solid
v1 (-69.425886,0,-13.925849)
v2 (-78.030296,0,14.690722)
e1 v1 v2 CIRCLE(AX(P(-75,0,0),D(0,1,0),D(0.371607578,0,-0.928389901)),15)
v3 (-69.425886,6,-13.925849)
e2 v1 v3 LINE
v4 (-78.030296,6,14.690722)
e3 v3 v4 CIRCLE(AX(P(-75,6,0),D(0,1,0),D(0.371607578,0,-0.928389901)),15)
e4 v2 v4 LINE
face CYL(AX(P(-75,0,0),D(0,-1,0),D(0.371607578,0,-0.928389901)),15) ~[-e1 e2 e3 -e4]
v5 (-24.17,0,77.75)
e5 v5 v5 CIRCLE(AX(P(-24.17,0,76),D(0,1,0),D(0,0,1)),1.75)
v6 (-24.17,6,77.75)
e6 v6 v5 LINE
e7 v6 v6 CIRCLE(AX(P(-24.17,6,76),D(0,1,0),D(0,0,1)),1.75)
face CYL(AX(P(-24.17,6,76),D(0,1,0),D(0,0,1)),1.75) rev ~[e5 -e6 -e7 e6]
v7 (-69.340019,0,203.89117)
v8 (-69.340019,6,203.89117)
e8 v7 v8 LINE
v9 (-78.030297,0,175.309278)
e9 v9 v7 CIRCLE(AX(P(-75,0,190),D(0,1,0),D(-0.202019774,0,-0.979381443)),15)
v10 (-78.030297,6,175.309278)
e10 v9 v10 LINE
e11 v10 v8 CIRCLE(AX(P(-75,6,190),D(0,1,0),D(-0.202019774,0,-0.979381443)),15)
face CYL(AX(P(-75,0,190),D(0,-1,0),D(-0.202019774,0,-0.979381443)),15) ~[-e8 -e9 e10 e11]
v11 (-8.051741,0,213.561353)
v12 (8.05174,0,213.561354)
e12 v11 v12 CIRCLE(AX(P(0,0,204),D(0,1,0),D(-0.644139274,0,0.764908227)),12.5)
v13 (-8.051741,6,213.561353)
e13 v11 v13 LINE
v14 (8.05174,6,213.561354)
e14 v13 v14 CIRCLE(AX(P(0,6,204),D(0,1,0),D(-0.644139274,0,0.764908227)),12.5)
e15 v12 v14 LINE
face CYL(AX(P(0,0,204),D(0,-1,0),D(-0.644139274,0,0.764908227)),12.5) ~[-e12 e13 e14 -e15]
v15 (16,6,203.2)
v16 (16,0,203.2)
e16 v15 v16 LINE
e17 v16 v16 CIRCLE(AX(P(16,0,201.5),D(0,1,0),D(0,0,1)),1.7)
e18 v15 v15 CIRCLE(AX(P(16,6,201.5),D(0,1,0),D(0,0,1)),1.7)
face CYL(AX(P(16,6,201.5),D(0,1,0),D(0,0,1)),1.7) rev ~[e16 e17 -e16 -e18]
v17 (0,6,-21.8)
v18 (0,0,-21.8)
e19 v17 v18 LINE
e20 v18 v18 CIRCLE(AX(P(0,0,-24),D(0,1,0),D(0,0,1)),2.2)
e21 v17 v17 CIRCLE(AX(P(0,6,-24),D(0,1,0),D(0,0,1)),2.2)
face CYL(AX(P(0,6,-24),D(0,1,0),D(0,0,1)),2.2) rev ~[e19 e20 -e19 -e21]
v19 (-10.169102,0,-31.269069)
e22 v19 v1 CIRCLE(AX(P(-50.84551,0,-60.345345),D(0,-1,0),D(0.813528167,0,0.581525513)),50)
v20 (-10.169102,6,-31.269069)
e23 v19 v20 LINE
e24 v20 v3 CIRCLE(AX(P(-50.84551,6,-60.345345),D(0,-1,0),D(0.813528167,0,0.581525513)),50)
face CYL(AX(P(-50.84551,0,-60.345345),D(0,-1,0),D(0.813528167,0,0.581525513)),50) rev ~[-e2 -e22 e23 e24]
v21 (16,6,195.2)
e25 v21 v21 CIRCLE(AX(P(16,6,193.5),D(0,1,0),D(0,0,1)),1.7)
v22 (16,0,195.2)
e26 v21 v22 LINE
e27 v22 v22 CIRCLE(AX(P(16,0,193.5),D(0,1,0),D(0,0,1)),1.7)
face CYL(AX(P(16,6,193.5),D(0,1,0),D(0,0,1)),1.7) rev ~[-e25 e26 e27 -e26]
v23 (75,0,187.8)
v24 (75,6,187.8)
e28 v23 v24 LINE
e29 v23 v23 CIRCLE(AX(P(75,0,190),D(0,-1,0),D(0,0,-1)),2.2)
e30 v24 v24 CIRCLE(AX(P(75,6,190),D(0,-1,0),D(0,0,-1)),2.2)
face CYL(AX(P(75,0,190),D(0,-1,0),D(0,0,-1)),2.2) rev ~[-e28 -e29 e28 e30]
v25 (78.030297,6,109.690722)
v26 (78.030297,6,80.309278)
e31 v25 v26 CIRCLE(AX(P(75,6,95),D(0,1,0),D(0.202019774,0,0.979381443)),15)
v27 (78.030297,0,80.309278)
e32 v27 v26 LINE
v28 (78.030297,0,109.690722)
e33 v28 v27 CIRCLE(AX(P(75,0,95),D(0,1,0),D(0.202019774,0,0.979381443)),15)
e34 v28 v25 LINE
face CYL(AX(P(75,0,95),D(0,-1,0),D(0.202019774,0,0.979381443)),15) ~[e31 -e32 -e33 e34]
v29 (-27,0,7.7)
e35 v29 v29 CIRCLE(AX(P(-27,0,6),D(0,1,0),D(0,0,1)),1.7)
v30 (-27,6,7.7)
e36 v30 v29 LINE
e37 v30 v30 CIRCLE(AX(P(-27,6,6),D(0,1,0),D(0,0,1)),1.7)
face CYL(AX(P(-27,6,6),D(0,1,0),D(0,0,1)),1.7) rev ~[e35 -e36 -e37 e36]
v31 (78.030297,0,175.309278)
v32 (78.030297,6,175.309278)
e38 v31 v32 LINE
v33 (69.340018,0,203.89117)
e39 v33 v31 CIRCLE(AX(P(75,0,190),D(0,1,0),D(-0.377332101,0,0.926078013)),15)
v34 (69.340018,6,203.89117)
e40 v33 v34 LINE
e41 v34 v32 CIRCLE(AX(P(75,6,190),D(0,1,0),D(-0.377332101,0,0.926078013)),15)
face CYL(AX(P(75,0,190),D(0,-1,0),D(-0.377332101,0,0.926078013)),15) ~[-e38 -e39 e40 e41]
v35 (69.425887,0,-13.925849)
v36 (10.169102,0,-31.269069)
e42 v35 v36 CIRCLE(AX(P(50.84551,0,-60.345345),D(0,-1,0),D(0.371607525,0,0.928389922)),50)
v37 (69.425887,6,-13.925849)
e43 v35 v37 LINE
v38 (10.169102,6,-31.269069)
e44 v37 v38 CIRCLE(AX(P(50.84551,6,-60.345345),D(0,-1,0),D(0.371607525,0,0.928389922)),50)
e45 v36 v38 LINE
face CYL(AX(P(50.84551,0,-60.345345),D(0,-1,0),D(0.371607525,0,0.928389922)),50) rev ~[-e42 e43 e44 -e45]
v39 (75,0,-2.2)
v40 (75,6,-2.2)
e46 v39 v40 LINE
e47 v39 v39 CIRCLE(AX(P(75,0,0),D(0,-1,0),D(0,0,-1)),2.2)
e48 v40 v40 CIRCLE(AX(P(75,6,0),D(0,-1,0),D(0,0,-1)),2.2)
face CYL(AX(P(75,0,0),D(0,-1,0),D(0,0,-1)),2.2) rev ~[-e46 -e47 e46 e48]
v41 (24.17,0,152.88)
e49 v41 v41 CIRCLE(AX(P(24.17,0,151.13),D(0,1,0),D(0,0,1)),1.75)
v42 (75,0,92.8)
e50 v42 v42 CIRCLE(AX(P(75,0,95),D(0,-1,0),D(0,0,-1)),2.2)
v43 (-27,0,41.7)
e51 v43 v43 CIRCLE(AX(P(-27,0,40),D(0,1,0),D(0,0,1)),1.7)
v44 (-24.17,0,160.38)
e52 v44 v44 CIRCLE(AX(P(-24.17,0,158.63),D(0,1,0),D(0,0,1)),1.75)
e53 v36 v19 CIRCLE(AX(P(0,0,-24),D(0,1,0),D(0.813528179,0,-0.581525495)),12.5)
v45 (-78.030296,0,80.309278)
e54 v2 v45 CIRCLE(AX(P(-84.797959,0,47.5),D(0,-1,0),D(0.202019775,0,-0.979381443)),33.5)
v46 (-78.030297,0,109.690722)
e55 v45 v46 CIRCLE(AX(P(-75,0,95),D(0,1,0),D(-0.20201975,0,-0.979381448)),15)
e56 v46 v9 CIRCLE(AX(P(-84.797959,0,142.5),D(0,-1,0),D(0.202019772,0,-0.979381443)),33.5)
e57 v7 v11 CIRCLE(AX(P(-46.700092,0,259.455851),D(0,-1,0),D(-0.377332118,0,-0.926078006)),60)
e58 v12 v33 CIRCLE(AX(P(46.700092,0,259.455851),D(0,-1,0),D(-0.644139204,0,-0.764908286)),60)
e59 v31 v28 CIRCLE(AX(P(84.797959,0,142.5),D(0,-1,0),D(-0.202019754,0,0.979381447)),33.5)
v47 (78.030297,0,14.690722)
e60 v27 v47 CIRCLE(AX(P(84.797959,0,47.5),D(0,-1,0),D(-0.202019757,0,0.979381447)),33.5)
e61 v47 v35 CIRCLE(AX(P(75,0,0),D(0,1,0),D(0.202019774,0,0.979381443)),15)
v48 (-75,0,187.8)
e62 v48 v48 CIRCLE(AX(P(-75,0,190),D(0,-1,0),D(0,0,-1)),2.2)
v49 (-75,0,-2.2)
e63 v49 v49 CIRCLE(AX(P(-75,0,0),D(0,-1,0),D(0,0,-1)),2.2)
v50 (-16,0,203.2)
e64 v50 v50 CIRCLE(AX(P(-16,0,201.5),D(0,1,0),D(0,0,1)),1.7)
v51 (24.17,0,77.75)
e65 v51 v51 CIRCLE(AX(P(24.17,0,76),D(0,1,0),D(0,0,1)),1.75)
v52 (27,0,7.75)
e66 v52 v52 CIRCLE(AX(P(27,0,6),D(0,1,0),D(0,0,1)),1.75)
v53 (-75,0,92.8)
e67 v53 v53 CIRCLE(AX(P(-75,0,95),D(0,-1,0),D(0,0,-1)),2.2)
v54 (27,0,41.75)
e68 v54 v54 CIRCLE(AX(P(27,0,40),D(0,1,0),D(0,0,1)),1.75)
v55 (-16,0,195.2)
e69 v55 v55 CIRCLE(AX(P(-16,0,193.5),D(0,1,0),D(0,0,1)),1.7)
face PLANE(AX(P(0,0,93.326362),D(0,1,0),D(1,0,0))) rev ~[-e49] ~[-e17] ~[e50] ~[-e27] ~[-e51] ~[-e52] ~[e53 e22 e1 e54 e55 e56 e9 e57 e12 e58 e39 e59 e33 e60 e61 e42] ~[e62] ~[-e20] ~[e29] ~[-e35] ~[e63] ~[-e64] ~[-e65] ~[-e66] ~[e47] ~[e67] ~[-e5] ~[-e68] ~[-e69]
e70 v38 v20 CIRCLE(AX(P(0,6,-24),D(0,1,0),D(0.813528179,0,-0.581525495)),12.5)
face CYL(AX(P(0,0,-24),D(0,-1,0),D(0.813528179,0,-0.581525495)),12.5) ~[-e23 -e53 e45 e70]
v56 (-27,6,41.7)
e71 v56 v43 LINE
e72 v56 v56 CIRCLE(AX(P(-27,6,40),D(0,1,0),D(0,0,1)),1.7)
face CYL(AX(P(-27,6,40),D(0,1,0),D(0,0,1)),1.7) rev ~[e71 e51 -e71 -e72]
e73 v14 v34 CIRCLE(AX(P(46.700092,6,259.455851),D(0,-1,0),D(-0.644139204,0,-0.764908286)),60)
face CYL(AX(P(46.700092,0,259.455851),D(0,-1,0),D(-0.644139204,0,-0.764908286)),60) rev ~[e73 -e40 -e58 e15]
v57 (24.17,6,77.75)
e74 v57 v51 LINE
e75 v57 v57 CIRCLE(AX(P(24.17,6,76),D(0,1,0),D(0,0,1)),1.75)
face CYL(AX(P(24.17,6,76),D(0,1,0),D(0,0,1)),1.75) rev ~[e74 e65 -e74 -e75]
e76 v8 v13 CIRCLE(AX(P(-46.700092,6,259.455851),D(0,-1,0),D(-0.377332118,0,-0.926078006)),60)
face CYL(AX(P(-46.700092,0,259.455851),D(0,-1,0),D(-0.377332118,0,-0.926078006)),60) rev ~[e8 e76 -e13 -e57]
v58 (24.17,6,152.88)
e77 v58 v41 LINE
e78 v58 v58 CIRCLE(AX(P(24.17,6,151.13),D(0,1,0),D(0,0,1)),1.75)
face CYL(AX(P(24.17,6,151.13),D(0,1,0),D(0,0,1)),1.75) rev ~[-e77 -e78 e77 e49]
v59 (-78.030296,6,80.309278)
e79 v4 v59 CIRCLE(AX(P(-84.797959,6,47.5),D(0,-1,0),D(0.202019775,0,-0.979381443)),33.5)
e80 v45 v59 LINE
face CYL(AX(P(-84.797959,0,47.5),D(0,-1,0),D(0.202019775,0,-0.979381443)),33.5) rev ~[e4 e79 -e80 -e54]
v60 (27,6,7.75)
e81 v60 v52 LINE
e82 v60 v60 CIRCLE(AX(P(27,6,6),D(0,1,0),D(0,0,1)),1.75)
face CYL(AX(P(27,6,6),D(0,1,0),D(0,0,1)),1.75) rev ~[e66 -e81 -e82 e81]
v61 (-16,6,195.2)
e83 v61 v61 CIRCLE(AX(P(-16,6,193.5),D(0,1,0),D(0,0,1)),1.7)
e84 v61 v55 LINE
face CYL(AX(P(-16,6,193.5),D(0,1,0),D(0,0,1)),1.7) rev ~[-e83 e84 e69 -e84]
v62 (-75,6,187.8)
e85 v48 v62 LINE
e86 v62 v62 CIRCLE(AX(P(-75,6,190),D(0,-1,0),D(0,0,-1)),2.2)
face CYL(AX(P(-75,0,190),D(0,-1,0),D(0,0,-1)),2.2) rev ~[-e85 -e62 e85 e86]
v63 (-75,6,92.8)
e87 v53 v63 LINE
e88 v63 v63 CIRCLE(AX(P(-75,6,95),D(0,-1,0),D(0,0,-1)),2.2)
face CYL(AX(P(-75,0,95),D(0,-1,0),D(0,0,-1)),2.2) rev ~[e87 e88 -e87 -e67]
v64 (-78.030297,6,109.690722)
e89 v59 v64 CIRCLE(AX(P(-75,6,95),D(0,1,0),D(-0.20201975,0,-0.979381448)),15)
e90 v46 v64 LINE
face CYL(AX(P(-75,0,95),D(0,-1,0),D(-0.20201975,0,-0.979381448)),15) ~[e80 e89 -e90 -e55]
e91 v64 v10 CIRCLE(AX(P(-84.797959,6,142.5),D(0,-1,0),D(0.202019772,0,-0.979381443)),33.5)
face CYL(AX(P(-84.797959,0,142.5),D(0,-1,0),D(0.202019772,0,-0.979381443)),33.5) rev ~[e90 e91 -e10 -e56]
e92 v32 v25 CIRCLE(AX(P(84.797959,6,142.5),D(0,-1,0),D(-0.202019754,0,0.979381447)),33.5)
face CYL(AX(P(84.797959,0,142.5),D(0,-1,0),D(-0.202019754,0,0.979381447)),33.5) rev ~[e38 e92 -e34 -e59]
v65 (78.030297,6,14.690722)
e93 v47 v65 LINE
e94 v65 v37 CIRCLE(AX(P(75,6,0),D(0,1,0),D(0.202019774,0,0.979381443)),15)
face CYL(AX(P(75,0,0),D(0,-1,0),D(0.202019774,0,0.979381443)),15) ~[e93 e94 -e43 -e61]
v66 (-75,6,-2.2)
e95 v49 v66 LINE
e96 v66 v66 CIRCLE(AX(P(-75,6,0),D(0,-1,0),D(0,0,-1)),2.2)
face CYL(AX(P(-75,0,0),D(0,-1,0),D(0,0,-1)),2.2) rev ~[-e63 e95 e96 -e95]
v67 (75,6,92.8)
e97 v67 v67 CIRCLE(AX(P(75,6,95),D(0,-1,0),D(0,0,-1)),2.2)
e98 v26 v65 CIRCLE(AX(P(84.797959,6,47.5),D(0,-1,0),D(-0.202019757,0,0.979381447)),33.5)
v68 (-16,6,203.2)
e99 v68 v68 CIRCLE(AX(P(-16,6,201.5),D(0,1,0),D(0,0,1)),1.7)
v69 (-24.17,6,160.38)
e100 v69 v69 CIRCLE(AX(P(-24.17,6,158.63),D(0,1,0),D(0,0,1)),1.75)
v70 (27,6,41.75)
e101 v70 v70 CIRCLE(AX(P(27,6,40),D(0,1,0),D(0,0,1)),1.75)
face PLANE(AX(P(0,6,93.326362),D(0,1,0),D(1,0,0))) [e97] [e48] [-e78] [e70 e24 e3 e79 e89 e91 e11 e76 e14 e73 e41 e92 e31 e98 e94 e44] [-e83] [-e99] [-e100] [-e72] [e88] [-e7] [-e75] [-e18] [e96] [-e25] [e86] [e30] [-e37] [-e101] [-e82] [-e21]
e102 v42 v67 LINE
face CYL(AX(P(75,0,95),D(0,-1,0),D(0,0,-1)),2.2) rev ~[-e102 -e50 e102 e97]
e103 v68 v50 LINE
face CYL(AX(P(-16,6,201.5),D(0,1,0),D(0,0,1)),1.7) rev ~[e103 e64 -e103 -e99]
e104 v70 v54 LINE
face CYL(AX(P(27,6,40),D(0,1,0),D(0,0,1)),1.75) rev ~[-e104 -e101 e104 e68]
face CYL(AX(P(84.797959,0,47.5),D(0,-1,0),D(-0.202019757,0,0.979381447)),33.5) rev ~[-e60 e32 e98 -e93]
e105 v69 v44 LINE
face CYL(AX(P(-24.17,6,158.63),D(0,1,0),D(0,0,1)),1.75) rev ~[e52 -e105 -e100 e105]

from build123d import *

# Parameters (mm, degrees)
BOSS_EXTRUDE1_DEPTH = 6
SKETCH2_R           = 2.2
CUT_EXTRUDE1_DEPTH  = 235.538376391
CUT_EXTRUDE2_REACH  = 236.538
SKETCH3_R           = 1.7
CUT_EXTRUDE4_REACH  = 236.538
SKETCH5_R           = 2.2
CUT_EXTRUDE5_REACH  = 236.538
SKETCH6_R           = 1.7
SKETCH6_R_2         = 1.75
CUT_EXTRUDE6_REACH  = 236.538
SKETCH7_R           = 1.75


with BuildPart() as part:
    # Sketch1 → Boss-Extrude1 (new body)
    with BuildSketch(Plane(origin=(0, 0, 0), x_dir=(1, 0, 0), z_dir=(0, 1, 0))):
        with BuildLine():
            ThreePointArc((-69.425886336, 13.925848515), (-89.364705834, 4.31916963), (-78.030296498, -14.690721668))
            ThreePointArc((-78.030296498, -14.690721668), (-51.297958971, -47.499999875), (-78.030296252, -80.309278281))
            ThreePointArc((-78.030296252, -80.309278281), (-90, -94.999999814), (-78.030296616, -109.690721644))
            ThreePointArc((-78.030296616, -109.690721644), (-51.297958971, -142.5), (-78.030296616, -175.309278356))
            ThreePointArc((-78.030296616, -175.309278356), (-89.351304792, -194.363490663), (-69.340019232, -203.891170494))
            ThreePointArc((-69.340019232, -203.891170494), (-37.34886135, -200.189043247), (-8.051740928, -213.561352835))
            ThreePointArc((-8.051740928, -213.561352835), (-6.73e-07, -216.5), (8.051739898, -213.561353702))
            ThreePointArc((8.051739898, -213.561353702), (37.348860289, -200.189043415), (69.340018489, -203.891170192))
            ThreePointArc((69.340018489, -203.891170192), (89.351304588, -194.363491335), (78.030297206, -175.309278478))
            ThreePointArc((78.030297206, -175.309278478), (51.297958971, -142.500000301), (78.030296616, -109.690721644))
            ThreePointArc((78.030296616, -109.690721644), (90, -95.000000257), (78.03029712, -80.30927846))
            ThreePointArc((78.03029712, -80.30927846), (51.297958971, -47.500000257), (78.030296616, -14.690721644))
            ThreePointArc((78.030296616, -14.690721644), (89.364705852, 4.319169572), (69.425886562, 13.925848605))
            ThreePointArc((69.425886562, 13.925848605), (36.800743446, 12.358424364), (10.169102241, 31.26906869))
            ThreePointArc((10.169102241, 31.26906869), (2.26e-07, 36.5), (-10.169101978, 31.269069058))
            ThreePointArc((-10.169101978, 31.269069058), (-36.800743112, 12.358424462), (-69.425886336, 13.925848515))
        make_face()
    extrude(amount=BOSS_EXTRUDE1_DEPTH)

    # Sketch2 → Cut-Extrude1 (cut, through all)
    with BuildSketch(Plane.XZ):
        with Locations(Location((-75, 190, 0), (0, 0, 270))):
            Circle(SKETCH2_R)
        with Locations(Location((-75, 95, 0), (0, 0, 270))):
            Circle(SKETCH2_R)
        with Locations(Location((-75, 0, 0), (0, 0, 270))):
            Circle(SKETCH2_R)
        with Locations(Location((75, 0, 0), (0, 0, 270))):
            Circle(SKETCH2_R)
        with Locations(Location((75, 95, 0), (0, 0, 270))):
            Circle(SKETCH2_R)
        with Locations(Location((75, 190, 0), (0, 0, 270))):
            Circle(SKETCH2_R)
    extrude(amount=-CUT_EXTRUDE1_DEPTH, mode=Mode.SUBTRACT)

    # Sketch3 → Cut-Extrude2 (cut, up to next)
    with BuildSketch(Plane(origin=(0, 6, 0), x_dir=(1, 0, 0), z_dir=(0, 1, 0)), mode=Mode.PRIVATE) as cut_extrude2_sk1:
        with Locations(Location((-16, -193.5, 0), (0, 0, 270))):
            Circle(SKETCH3_R)
    cut_extrude2_tool1 = extrude(cut_extrude2_sk1.sketch, amount=-CUT_EXTRUDE2_REACH, mode=Mode.PRIVATE) & part.part
    # Sketch3 → Cut-Extrude2 (cut, up to next)
    with BuildSketch(Plane(origin=(0, 6, 0), x_dir=(1, 0, 0), z_dir=(0, 1, 0)), mode=Mode.PRIVATE) as cut_extrude2_sk2:
        with Locations(Location((16, -193.5, 0), (0, 0, 270))):
            Circle(SKETCH3_R)
    cut_extrude2_tool2 = extrude(cut_extrude2_sk2.sketch, amount=-CUT_EXTRUDE2_REACH, mode=Mode.PRIVATE) & part.part
    # Sketch3 → Cut-Extrude2 (cut, up to next)
    with BuildSketch(Plane(origin=(0, 6, 0), x_dir=(1, 0, 0), z_dir=(0, 1, 0)), mode=Mode.PRIVATE) as cut_extrude2_sk3:
        with Locations(Location((-16, -201.5, 0), (0, 0, 270))):
            Circle(SKETCH3_R)
    cut_extrude2_tool3 = extrude(cut_extrude2_sk3.sketch, amount=-CUT_EXTRUDE2_REACH, mode=Mode.PRIVATE) & part.part
    # Sketch3 → Cut-Extrude2 (cut, up to next)
    with BuildSketch(Plane(origin=(0, 6, 0), x_dir=(1, 0, 0), z_dir=(0, 1, 0)), mode=Mode.PRIVATE) as cut_extrude2_sk4:
        with Locations(Location((16, -201.5, 0), (0, 0, 270))):
            Circle(SKETCH3_R)
    cut_extrude2_tool4 = extrude(cut_extrude2_sk4.sketch, amount=-CUT_EXTRUDE2_REACH, mode=Mode.PRIVATE) & part.part
    add(cut_extrude2_tool1.solids().sort_by_distance((-16, 6, 193.5))[0], mode=Mode.SUBTRACT)
    add(cut_extrude2_tool2.solids().sort_by_distance((16, 6, 193.5))[0], mode=Mode.SUBTRACT)
    add(cut_extrude2_tool3.solids().sort_by_distance((-16, 6, 201.5))[0], mode=Mode.SUBTRACT)
    add(cut_extrude2_tool4.solids().sort_by_distance((16, 6, 201.5))[0], mode=Mode.SUBTRACT)

    # Sketch5 → Cut-Extrude4 (cut, up to next)
    with BuildSketch(Plane(origin=(0, 6, 0), x_dir=(1, 0, 0), z_dir=(0, 1, 0)), mode=Mode.PRIVATE) as cut_extrude4_sk1:
        with Locations(Location((0, 24, 0), (0, 0, 270))):
            Circle(SKETCH5_R)
    cut_extrude4_tool1 = extrude(cut_extrude4_sk1.sketch, amount=-CUT_EXTRUDE4_REACH, mode=Mode.PRIVATE) & part.part
    add(cut_extrude4_tool1.solids().sort_by_distance((0, 6, -24))[0], mode=Mode.SUBTRACT)

    # Sketch6 → Cut-Extrude5 (cut, up to next)
    with BuildSketch(Plane(origin=(0, 6, 0), x_dir=(1, 0, 0), z_dir=(0, 1, 0)), mode=Mode.PRIVATE) as cut_extrude5_sk1:
        with Locations(Location((-27, -6, 0), (0, 0, 270))):
            Circle(SKETCH6_R)
    cut_extrude5_tool1 = extrude(cut_extrude5_sk1.sketch, amount=-CUT_EXTRUDE5_REACH, mode=Mode.PRIVATE) & part.part
    # Sketch6 → Cut-Extrude5 (cut, up to next)
    with BuildSketch(Plane(origin=(0, 6, 0), x_dir=(1, 0, 0), z_dir=(0, 1, 0)), mode=Mode.PRIVATE) as cut_extrude5_sk2:
        with Locations(Location((27, -6, 0), (0, 0, 270))):
            Circle(SKETCH6_R_2)
    cut_extrude5_tool2 = extrude(cut_extrude5_sk2.sketch, amount=-CUT_EXTRUDE5_REACH, mode=Mode.PRIVATE) & part.part
    # Sketch6 → Cut-Extrude5 (cut, up to next)
    with BuildSketch(Plane(origin=(0, 6, 0), x_dir=(1, 0, 0), z_dir=(0, 1, 0)), mode=Mode.PRIVATE) as cut_extrude5_sk3:
        with Locations(Location((-27, -40, 0), (0, 0, 270))):
            Circle(SKETCH6_R)
    cut_extrude5_tool3 = extrude(cut_extrude5_sk3.sketch, amount=-CUT_EXTRUDE5_REACH, mode=Mode.PRIVATE) & part.part
    # Sketch6 → Cut-Extrude5 (cut, up to next)
    with BuildSketch(Plane(origin=(0, 6, 0), x_dir=(1, 0, 0), z_dir=(0, 1, 0)), mode=Mode.PRIVATE) as cut_extrude5_sk4:
        with Locations(Location((27, -40, 0), (0, 0, 270))):
            Circle(SKETCH6_R_2)
    cut_extrude5_tool4 = extrude(cut_extrude5_sk4.sketch, amount=-CUT_EXTRUDE5_REACH, mode=Mode.PRIVATE) & part.part
    add(cut_extrude5_tool1.solids().sort_by_distance((-27, 6, 6))[0], mode=Mode.SUBTRACT)
    add(cut_extrude5_tool2.solids().sort_by_distance((27, 6, 6))[0], mode=Mode.SUBTRACT)
    add(cut_extrude5_tool3.solids().sort_by_distance((-27, 6, 40))[0], mode=Mode.SUBTRACT)
    add(cut_extrude5_tool4.solids().sort_by_distance((27, 6, 40))[0], mode=Mode.SUBTRACT)

    # Sketch7 → Cut-Extrude6 (cut, up to next)
    with BuildSketch(Plane(origin=(0, 6, 0), x_dir=(1, 0, 0), z_dir=(0, 1, 0)), mode=Mode.PRIVATE) as cut_extrude6_sk1:
        with Locations(Location((-24.17, -76, 0), (0, 0, 270))):
            Circle(SKETCH7_R)
    cut_extrude6_tool1 = extrude(cut_extrude6_sk1.sketch, amount=-CUT_EXTRUDE6_REACH, mode=Mode.PRIVATE) & part.part
    # Sketch7 → Cut-Extrude6 (cut, up to next)
    with BuildSketch(Plane(origin=(0, 6, 0), x_dir=(1, 0, 0), z_dir=(0, 1, 0)), mode=Mode.PRIVATE) as cut_extrude6_sk2:
        with Locations(Location((24.17, -76, 0), (0, 0, 270))):
            Circle(SKETCH7_R)
    cut_extrude6_tool2 = extrude(cut_extrude6_sk2.sketch, amount=-CUT_EXTRUDE6_REACH, mode=Mode.PRIVATE) & part.part
    # Sketch7 → Cut-Extrude6 (cut, up to next)
    with BuildSketch(Plane(origin=(0, 6, 0), x_dir=(1, 0, 0), z_dir=(0, 1, 0)), mode=Mode.PRIVATE) as cut_extrude6_sk3:
        with Locations(Location((-24.17, -158.63, 0), (0, 0, 270))):
            Circle(SKETCH7_R)
    cut_extrude6_tool3 = extrude(cut_extrude6_sk3.sketch, amount=-CUT_EXTRUDE6_REACH, mode=Mode.PRIVATE) & part.part
    # Sketch7 → Cut-Extrude6 (cut, up to next)
    with BuildSketch(Plane(origin=(0, 6, 0), x_dir=(1, 0, 0), z_dir=(0, 1, 0)), mode=Mode.PRIVATE) as cut_extrude6_sk4:
        with Locations(Location((24.17, -151.13, 0), (0, 0, 270))):
            Circle(SKETCH7_R)
    cut_extrude6_tool4 = extrude(cut_extrude6_sk4.sketch, amount=-CUT_EXTRUDE6_REACH, mode=Mode.PRIVATE) & part.part
    add(cut_extrude6_tool1.solids().sort_by_distance((-24.17, 6, 76))[0], mode=Mode.SUBTRACT)
    add(cut_extrude6_tool2.solids().sort_by_distance((24.17, 6, 76))[0], mode=Mode.SUBTRACT)
    add(cut_extrude6_tool3.solids().sort_by_distance((-24.17, 6, 158.63))[0], mode=Mode.SUBTRACT)
    add(cut_extrude6_tool4.solids().sort_by_distance((24.17, 6, 151.13))[0], mode=Mode.SUBTRACT)


solid = part.part
